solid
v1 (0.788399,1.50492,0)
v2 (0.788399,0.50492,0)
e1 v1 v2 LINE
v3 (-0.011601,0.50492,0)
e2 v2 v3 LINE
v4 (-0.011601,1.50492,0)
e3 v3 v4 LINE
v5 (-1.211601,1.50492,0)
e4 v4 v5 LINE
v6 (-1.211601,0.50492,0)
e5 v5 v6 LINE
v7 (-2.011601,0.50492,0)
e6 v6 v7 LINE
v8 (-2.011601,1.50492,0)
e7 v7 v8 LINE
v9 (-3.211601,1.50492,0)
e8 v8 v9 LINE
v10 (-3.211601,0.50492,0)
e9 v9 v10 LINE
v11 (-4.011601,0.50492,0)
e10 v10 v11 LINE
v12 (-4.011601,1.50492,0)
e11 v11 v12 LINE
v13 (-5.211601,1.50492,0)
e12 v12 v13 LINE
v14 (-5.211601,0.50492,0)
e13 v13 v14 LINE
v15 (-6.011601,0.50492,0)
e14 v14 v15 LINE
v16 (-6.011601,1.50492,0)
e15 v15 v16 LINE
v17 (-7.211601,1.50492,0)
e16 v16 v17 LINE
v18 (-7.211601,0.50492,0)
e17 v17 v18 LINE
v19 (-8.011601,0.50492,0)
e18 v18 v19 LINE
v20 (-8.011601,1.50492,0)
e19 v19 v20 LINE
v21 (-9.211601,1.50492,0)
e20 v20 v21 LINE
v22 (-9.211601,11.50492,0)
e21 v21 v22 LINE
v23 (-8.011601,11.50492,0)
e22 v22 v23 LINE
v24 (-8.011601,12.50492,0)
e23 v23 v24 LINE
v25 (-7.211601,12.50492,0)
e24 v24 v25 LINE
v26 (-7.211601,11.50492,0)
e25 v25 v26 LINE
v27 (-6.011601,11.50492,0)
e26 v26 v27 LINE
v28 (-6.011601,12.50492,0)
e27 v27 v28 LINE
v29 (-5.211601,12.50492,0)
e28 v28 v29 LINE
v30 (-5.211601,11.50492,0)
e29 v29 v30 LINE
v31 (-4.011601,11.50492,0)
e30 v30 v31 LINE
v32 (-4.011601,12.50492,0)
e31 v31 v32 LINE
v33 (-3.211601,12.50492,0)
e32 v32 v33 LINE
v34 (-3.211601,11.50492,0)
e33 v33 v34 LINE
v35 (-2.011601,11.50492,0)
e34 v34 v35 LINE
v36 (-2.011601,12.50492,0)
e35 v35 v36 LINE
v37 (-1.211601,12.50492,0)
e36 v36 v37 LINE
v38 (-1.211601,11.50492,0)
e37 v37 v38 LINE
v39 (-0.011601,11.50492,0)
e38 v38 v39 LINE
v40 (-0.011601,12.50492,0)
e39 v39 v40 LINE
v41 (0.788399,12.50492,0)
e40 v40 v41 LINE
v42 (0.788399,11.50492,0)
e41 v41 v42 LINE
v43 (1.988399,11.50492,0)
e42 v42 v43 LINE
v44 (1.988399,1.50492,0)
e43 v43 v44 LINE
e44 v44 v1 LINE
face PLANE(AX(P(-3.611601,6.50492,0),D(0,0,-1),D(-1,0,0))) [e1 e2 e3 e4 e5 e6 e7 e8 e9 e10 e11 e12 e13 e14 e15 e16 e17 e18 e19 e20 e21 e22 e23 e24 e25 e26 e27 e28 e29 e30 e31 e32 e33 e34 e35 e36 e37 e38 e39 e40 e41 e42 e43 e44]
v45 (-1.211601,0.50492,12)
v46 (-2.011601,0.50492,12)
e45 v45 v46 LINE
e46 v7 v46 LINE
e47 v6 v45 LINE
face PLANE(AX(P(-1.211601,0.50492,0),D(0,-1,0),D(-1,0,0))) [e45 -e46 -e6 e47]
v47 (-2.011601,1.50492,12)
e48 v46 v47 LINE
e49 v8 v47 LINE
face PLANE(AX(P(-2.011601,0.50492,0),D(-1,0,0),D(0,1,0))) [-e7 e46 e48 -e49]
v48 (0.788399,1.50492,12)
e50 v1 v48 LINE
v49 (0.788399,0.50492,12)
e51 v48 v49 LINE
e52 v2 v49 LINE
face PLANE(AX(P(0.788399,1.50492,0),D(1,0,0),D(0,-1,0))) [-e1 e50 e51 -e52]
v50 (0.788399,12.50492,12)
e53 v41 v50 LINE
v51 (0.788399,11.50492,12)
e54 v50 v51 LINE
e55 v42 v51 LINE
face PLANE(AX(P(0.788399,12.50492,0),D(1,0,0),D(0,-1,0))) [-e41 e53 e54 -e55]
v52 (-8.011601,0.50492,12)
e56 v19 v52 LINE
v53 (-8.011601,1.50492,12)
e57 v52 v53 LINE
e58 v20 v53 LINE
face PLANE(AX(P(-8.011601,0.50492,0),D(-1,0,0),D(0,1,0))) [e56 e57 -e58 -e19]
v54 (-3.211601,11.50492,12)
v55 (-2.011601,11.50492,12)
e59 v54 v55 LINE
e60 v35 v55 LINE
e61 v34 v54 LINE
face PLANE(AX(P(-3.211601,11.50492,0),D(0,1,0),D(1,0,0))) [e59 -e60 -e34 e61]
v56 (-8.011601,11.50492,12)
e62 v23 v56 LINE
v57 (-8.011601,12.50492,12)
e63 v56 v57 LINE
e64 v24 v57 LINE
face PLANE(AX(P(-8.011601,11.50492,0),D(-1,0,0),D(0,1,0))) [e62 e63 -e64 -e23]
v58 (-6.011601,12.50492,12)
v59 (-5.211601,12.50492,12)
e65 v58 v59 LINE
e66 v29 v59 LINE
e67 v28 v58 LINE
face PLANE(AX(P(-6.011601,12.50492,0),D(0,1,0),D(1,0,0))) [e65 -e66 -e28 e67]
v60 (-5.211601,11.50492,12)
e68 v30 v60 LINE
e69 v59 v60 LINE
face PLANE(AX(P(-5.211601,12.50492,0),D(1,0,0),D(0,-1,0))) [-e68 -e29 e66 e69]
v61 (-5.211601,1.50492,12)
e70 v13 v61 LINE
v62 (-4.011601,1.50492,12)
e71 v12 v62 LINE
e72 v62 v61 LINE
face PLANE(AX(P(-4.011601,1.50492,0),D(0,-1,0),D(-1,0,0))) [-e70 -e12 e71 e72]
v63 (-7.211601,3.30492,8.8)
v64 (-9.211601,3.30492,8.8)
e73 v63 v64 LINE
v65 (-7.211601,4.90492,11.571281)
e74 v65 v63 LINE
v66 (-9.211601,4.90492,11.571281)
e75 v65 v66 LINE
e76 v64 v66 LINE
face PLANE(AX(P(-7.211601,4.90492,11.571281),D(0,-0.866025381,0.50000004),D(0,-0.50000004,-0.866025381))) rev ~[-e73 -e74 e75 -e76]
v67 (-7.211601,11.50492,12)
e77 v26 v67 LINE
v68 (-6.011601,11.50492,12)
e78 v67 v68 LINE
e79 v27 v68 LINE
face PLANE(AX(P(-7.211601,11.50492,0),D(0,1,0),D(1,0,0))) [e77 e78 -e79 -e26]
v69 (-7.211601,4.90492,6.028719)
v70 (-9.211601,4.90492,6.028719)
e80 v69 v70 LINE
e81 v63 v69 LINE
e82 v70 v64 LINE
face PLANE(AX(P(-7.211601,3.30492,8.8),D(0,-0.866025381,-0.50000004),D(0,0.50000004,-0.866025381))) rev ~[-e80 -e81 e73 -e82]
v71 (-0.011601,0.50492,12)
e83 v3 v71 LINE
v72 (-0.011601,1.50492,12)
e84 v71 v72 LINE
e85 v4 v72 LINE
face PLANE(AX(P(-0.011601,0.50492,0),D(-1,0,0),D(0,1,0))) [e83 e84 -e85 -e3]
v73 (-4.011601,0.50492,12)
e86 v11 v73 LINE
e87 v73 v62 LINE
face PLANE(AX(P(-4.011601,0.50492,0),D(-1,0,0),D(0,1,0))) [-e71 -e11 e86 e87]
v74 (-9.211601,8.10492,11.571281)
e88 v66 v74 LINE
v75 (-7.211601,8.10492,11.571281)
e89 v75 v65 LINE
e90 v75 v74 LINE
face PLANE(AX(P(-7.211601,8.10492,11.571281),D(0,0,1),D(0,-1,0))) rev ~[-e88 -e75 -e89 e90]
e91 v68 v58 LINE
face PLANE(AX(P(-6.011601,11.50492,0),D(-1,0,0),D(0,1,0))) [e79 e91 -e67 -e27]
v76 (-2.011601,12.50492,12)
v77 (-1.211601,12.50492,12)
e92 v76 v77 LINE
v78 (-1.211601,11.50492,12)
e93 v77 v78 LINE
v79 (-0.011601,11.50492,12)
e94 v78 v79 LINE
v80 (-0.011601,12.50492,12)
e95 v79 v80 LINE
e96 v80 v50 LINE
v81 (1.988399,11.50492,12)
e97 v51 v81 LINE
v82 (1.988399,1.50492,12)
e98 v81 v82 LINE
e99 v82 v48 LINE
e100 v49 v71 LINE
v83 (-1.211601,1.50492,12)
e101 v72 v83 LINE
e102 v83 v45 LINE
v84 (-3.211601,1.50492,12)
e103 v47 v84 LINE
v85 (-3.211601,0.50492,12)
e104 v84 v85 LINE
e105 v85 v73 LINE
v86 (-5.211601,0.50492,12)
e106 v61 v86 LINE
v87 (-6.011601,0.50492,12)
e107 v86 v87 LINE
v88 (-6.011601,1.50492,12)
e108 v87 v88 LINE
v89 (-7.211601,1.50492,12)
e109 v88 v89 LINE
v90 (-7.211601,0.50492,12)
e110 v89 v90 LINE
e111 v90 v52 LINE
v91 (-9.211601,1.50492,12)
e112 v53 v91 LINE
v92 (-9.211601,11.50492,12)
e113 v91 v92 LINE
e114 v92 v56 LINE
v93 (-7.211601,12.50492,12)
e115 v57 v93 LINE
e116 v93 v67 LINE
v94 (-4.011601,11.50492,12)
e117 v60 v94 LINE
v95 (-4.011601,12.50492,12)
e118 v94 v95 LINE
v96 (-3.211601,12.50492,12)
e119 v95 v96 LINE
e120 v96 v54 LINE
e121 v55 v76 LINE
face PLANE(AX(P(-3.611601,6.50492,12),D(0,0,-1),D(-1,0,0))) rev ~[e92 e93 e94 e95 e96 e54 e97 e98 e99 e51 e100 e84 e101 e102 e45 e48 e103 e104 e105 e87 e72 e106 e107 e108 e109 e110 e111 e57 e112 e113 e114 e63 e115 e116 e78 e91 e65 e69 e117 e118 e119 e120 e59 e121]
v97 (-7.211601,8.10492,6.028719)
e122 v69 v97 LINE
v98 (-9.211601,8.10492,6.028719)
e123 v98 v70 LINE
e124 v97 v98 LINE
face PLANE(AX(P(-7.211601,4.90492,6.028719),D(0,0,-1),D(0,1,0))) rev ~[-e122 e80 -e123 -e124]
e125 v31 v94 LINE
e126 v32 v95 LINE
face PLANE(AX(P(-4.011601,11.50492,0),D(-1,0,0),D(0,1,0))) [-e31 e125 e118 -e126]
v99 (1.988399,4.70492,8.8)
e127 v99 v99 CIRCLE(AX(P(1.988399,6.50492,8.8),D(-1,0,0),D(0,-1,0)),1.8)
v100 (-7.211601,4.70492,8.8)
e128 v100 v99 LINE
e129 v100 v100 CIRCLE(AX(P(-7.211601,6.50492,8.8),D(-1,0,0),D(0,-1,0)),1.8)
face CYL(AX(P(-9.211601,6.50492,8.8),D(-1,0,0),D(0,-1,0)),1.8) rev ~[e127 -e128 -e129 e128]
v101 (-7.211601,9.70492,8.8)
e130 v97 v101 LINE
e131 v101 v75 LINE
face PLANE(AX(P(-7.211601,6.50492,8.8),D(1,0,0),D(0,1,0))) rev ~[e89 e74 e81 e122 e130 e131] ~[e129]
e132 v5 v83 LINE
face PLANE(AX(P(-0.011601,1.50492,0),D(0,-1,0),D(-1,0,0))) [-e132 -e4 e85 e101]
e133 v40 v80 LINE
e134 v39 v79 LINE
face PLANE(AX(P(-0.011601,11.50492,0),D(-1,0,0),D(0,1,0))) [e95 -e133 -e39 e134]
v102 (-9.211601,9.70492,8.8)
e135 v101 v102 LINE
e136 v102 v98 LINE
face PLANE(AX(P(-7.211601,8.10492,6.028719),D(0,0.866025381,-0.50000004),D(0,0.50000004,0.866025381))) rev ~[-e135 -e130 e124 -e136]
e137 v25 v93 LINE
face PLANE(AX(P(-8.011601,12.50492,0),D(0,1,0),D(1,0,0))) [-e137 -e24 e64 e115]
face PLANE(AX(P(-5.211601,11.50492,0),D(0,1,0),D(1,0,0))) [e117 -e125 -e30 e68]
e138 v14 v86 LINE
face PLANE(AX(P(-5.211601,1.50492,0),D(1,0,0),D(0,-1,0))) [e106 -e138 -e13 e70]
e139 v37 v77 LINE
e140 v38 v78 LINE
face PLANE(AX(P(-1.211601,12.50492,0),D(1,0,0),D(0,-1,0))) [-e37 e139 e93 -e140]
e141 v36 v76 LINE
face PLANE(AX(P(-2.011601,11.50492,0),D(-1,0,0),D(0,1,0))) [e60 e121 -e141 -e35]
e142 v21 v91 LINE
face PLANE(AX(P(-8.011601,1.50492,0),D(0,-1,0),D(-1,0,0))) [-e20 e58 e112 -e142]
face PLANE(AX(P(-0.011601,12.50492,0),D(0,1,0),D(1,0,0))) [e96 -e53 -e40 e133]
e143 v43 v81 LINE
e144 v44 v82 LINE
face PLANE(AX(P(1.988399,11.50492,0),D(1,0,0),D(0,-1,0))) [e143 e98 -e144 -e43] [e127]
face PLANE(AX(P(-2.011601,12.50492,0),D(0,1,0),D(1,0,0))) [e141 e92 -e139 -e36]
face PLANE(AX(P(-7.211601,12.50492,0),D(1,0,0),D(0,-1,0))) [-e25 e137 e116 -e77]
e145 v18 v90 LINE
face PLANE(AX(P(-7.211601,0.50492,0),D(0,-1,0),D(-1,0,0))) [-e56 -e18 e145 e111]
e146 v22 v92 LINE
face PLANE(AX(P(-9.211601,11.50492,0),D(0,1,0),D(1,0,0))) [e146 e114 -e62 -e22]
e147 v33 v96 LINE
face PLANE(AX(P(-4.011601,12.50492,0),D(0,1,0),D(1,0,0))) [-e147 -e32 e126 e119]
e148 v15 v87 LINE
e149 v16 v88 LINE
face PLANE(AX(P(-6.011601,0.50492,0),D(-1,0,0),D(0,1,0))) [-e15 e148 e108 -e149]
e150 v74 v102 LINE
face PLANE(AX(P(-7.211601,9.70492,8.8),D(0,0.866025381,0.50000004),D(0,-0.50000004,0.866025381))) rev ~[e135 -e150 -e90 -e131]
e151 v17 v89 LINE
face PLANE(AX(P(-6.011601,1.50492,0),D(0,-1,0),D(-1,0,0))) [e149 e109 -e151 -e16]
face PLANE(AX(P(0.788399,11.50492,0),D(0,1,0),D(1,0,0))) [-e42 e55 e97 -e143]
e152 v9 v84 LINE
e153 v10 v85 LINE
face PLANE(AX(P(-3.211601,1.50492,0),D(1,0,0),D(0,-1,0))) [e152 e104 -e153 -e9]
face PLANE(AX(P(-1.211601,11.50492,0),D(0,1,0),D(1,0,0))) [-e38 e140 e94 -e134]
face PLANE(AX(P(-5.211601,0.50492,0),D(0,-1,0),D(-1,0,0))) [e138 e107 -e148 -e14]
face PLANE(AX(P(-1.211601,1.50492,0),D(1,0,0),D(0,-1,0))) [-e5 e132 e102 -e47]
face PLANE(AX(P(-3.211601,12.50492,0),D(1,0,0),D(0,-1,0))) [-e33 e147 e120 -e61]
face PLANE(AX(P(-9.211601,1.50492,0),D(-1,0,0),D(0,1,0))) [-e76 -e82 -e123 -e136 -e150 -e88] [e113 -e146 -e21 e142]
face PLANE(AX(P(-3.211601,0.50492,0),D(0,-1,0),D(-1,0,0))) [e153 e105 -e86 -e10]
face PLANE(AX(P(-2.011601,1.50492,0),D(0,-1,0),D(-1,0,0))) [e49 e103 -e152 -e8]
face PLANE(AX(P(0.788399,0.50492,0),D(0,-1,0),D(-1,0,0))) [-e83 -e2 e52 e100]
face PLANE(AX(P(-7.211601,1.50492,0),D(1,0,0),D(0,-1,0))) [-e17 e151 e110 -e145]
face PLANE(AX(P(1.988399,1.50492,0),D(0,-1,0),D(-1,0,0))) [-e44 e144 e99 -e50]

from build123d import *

# Parameters (mm, degrees)
PAD_DEPTH       = 12
SKETCH001_R     = 1.8
POCKET_DEPTH    = 11.201
POCKET001_DEPTH = 3


with BuildPart() as part:
    # Sketch → Pad (new body)
    with BuildSketch(Plane.XY):
        Polygon((-9.211601, 11.50492), (-8.011601, 11.50492), (-8.011601, 12.50492), (-7.211601, 12.50492), (-7.211601, 11.50492), (-6.011601, 11.50492), (-6.011601, 12.50492), (-5.211601, 12.50492), (-5.211601, 11.50492), (-4.011601, 11.50492), (-4.011601, 12.50492), (-3.211601, 12.50492), (-3.211601, 11.50492), (-2.011601, 11.50492), (-2.011601, 12.50492), (-1.211601, 12.50492), (-1.211601, 11.50492), (-0.011601, 11.50492), (-0.011601, 12.50492), (0.788399, 12.50492), (0.788399, 11.50492), (1.988399, 11.50492), (1.988399, 1.50492), (0.788399, 1.50492), (0.788399, 0.50492), (-0.011601, 0.50492), (-0.011601, 1.50492), (-1.211601, 1.50492), (-1.211601, 0.50492), (-2.011601, 0.50492), (-2.011601, 1.50492), (-3.211601, 1.50492), (-3.211601, 0.50492), (-4.011601, 0.50492), (-4.011601, 1.50492), (-5.211601, 1.50492), (-5.211601, 0.50492), (-6.011601, 0.50492), (-6.011601, 1.50492), (-7.211601, 1.50492), (-7.211601, 0.50492), (-8.011601, 0.50492), (-8.011601, 1.50492), (-9.211601, 1.50492), align=None)
    extrude(amount=PAD_DEPTH)

    # Sketch001 → Pocket (cut, through all)
    with BuildSketch(Plane(origin=(-9.211601, 0, 0), x_dir=(0, -1, 0), z_dir=(-1, 0, 0))):
        with Locations((-6.50492, 8.8)):
            Circle(SKETCH001_R)
    extrude(amount=-POCKET_DEPTH, mode=Mode.SUBTRACT)

    # Sketch002 → Pocket001 (cut)
    with BuildSketch(Plane.YZ.offset(-7.211601)):
        Polygon((8.10492, 6.028719), (9.70492, 8.8), (8.10492, 11.571281), (4.90492, 11.571281), (3.30492, 8.8), (4.90492, 6.028719), align=None)
    extrude(amount=-POCKET001_DEPTH, mode=Mode.SUBTRACT)


solid = part.part
